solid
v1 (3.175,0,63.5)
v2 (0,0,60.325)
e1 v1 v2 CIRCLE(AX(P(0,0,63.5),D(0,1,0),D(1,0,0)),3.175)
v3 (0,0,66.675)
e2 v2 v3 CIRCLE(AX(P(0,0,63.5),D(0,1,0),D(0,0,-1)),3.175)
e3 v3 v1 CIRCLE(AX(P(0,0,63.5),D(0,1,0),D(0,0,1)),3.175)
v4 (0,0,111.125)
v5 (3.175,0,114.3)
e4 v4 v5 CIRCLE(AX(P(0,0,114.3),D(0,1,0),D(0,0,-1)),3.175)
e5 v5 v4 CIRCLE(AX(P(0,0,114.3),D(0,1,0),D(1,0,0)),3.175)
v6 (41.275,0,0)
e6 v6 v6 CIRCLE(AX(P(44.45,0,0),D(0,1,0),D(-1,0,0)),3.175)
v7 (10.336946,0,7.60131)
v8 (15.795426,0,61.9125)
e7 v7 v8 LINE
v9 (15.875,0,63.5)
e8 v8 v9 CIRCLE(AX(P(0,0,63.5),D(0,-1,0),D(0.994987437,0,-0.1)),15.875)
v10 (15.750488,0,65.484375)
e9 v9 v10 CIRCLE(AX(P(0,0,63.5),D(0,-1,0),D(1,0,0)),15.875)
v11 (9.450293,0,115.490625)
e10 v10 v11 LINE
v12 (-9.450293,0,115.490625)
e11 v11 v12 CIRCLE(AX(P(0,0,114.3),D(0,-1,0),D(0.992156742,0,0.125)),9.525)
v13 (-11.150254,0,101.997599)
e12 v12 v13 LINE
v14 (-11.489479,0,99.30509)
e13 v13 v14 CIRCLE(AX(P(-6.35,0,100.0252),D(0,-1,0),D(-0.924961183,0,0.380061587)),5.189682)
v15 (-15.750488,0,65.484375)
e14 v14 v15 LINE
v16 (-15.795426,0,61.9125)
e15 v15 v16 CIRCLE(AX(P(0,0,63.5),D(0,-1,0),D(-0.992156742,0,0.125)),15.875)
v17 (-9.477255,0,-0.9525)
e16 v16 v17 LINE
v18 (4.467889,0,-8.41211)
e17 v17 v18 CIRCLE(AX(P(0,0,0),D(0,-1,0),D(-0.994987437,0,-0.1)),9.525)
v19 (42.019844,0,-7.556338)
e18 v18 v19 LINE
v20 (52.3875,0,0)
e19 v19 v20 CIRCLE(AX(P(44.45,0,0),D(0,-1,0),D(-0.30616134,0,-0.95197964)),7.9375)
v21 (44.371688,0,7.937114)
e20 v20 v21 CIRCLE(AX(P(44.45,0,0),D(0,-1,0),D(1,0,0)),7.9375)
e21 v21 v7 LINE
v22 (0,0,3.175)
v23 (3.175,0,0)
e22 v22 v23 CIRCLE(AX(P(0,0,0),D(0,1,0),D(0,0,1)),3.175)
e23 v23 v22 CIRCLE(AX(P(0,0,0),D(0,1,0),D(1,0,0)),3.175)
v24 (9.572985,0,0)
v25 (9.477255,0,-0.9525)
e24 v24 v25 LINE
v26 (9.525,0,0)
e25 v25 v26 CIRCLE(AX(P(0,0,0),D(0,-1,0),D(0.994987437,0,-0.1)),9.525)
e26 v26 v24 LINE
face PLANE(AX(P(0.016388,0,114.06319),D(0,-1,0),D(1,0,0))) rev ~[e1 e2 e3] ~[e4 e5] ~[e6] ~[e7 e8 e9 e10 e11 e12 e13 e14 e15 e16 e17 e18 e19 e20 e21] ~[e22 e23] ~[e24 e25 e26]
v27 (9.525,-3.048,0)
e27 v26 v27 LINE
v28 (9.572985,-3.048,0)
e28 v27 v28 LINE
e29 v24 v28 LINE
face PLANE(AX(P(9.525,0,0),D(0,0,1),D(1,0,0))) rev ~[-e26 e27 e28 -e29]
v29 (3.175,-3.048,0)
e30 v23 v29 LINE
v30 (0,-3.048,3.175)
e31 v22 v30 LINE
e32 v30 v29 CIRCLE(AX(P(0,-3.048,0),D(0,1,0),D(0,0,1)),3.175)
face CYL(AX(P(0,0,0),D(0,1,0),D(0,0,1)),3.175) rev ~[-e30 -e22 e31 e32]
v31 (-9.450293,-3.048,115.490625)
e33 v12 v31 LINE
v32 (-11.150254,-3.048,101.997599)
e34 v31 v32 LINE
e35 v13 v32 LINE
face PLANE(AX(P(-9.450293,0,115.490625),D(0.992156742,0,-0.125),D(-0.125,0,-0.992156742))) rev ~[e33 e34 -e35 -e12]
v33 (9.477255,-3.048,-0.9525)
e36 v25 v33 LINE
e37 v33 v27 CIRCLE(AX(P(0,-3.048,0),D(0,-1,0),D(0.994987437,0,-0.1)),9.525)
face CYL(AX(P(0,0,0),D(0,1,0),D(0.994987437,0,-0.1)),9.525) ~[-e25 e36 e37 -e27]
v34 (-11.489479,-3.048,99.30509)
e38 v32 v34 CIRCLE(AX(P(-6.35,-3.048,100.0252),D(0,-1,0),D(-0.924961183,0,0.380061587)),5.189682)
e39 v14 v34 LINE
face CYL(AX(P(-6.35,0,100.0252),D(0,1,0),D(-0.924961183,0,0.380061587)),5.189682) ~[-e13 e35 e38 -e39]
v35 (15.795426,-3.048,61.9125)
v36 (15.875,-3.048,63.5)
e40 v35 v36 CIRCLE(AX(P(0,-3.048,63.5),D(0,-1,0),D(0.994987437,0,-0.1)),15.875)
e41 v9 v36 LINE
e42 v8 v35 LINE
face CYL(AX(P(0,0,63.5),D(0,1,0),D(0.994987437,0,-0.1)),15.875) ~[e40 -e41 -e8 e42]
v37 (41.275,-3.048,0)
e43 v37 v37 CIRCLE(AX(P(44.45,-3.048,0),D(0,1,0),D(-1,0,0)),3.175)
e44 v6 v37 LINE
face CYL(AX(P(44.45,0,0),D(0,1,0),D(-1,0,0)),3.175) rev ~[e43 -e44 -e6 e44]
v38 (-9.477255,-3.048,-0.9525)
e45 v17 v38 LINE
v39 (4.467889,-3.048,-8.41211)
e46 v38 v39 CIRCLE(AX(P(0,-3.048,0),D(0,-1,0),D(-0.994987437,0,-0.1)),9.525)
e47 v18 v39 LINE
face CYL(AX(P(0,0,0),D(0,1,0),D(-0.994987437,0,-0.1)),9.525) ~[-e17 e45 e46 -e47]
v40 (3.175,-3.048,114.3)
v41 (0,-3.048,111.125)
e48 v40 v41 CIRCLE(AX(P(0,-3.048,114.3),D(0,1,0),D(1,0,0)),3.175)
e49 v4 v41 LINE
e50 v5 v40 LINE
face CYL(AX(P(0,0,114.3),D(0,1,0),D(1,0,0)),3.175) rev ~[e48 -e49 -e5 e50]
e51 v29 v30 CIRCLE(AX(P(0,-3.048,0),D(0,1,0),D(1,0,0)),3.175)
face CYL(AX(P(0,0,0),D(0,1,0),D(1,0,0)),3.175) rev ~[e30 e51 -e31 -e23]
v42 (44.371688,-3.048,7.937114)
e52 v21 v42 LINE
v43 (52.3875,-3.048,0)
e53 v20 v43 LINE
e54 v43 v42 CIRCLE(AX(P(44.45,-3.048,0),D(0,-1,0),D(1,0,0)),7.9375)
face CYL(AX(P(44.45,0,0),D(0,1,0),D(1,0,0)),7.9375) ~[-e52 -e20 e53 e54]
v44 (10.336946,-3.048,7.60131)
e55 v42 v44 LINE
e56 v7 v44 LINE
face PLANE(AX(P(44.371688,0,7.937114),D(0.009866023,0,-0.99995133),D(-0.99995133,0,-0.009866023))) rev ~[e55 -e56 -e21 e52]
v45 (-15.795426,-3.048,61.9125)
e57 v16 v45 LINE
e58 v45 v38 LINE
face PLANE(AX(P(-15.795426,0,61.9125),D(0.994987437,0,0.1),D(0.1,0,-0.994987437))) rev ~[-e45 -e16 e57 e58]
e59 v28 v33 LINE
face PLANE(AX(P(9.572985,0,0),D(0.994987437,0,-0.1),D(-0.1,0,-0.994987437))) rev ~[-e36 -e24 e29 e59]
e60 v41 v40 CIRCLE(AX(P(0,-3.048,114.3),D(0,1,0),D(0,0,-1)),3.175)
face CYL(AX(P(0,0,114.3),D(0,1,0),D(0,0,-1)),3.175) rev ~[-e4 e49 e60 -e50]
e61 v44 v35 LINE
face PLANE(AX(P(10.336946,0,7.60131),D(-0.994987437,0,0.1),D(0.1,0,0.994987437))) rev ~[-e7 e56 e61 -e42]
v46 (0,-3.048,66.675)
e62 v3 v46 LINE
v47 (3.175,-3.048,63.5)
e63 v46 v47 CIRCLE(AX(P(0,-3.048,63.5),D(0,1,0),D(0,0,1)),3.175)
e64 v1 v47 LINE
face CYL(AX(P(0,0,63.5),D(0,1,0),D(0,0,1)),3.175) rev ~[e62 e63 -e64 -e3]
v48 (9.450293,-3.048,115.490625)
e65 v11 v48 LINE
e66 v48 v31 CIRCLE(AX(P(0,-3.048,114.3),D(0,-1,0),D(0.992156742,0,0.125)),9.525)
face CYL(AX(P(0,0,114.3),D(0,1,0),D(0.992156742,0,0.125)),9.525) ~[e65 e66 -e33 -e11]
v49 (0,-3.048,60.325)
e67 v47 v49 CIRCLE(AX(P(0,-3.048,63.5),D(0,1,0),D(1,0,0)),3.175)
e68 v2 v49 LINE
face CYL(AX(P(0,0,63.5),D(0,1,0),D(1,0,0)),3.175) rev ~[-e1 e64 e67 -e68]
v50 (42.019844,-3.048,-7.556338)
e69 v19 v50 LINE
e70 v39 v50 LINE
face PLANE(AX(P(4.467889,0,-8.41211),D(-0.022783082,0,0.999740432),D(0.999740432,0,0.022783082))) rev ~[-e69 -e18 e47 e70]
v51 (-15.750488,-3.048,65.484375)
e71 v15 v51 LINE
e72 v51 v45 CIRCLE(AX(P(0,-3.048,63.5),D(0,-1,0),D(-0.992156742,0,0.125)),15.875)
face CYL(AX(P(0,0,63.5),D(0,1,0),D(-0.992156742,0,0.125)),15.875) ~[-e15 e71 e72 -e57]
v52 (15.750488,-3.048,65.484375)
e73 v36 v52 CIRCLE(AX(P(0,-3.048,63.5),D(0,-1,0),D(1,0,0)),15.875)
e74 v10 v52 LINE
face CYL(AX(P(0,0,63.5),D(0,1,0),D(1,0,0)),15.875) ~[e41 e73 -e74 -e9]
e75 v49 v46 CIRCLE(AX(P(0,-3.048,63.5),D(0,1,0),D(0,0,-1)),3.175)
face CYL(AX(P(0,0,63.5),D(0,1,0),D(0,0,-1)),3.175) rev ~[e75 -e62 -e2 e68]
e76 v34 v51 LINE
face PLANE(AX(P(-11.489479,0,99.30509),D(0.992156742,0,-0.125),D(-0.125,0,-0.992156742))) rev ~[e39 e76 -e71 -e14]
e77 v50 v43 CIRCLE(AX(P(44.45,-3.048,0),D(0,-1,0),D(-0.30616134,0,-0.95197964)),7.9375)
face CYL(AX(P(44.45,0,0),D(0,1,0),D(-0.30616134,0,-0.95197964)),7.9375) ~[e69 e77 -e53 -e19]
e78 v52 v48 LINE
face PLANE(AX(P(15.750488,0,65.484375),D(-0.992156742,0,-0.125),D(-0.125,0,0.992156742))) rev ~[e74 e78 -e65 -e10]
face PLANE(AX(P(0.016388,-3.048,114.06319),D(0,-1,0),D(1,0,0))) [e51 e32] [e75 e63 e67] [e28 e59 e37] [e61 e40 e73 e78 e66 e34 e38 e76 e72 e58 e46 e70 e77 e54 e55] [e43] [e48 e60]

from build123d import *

# Parameters (mm, degrees)
F1_DEPTH = 3.048


with BuildPart() as f1:
    # F0 (on Front) → F1 (new body)
    with BuildSketch(Plane.XZ):
        with BuildLine():
            ThreePointArc((-9.4502929642, 115.490625), (-7.14375, 107.9998046905), (0, 104.775))
            ThreePointArc((0, 104.775), (6.7351920908, 107.5648079092), (9.525, 114.3))
            ThreePointArc((9.525, 114.3), (9.5063048942, 114.896483242), (9.4502929642, 115.490625))
            ThreePointArc((9.4502929642, 115.490625), (0, 123.825), (-9.4502929642, 115.490625))
        make_face()
        with BuildLine():
            ThreePointArc((3.175, 114.3), (2.2450640303, 112.0549359697), (0, 111.125))
            ThreePointArc((0, 111.125), (-2.2450640303, 116.5450640303), (3.175, 114.3))
        make_face(mode=Mode.SUBTRACT)
        with BuildLine():
            ThreePointArc((9.525, 114.3), (6.7351920908, 107.5648079092), (0, 104.775))
            Line((0, 104.775), (0, 79.375))
            ThreePointArc((0, 79.375), (10.5003255158, 75.40625), (15.7504882737, 65.484375))
            Line((15.7504882737, 65.484375), (9.4502929642, 115.490625))
            ThreePointArc((9.4502929642, 115.490625), (9.5063048942, 114.896483242), (9.525, 114.3))
        make_face()
        with BuildLine():
            Line((0, 79.375), (0, 104.775))
            ThreePointArc((0, 104.775), (-7.14375, 107.9998046905), (-9.4502929642, 115.490625))
            Line((-9.4502929642, 115.490625), (-11.1502544755, 101.9975988084))
            ThreePointArc((-11.1502544755, 101.9975988084), (-5.3447623517, 105.1165944415), (-1.1603179203, 100.0252))
            ThreePointArc((-1.1603179203, 100.0252), (-5.9890709954, 94.8480839744), (-11.4894787169, 99.3050898642))
            Line((-11.4894787169, 99.3050898642), (-15.7504882737, 65.484375))
            ThreePointArc((-15.7504882737, 65.484375), (-10.5003255158, 75.40625), (0, 79.375))
        make_face()
        with BuildLine():
            ThreePointArc((15.7504882737, 65.484375), (10.5003255158, 75.40625), (0, 79.375))
            Line((0, 79.375), (0, 66.675))
            ThreePointArc((0, 66.675), (2.2450640303, 65.7450640303), (3.175, 63.5))
            ThreePointArc((3.175, 63.5), (2.2450640303, 61.2549359697), (0, 60.325))
            Line((0, 60.325), (0, 47.625))
            ThreePointArc((0, 47.625), (10.6492737428, 51.7267849017), (15.7954255641, 61.9125))
            ThreePointArc((15.7954255641, 61.9125), (15.8550939106, 62.7052534459), (15.875, 63.5))
            ThreePointArc((15.875, 63.5), (15.8438414904, 64.4941387366), (15.7504882737, 65.484375))
        make_face()
        with BuildLine():
            Line((0, 66.675), (0, 79.375))
            ThreePointArc((0, 79.375), (-10.5003255158, 75.40625), (-15.7504882737, 65.484375))
            ThreePointArc((-15.7504882737, 65.484375), (-15.8737438155, 63.6997054867), (-15.7954255641, 61.9125))
            ThreePointArc((-15.7954255641, 61.9125), (-10.6492737428, 51.7267849017), (0, 47.625))
            Line((0, 47.625), (0, 60.325))
            ThreePointArc((0, 60.325), (-3.175, 63.5), (0, 66.675))
        make_face()
        with BuildLine():
            ThreePointArc((-1.1603179203, 100.0252), (-5.3447623517, 105.1165944415), (-11.1502544755, 101.9975988084))
            Line((-11.1502544755, 101.9975988084), (-11.4894787169, 99.3050898642))
            ThreePointArc((-11.4894787169, 99.3050898642), (-5.9890709954, 94.8480839744), (-1.1603179203, 100.0252))
        make_face()
        with BuildLine():
            Line((-11.4894787169, 99.3050898642), (-11.1502544755, 101.9975988084))
            ThreePointArc((-11.1502544755, 101.9975988084), (-11.4989780624, 100.67391026), (-11.4894787169, 99.3050898642))
        make_face()
        with BuildLine():
            ThreePointArc((0, 47.625), (-10.6492737428, 51.7267849017), (-15.7954255641, 61.9125))
            Line((-15.7954255641, 61.9125), (-9.4772553384, -0.9525))
            ThreePointArc((-9.4772553384, -0.9525), (-7.063929059, 6.3895642457), (0, 9.525))
            Line((0, 9.525), (0, 47.625))
        make_face()
        with BuildLine():
            ThreePointArc((15.7954255641, 61.9125), (10.6492737428, 51.7267849017), (0, 47.625))
            Line((0, 47.625), (0, 9.525))
            ThreePointArc((0, 9.525), (3.0618336501, 9.0194678168), (5.7986582819, 7.5565327452))
            Line((5.7986582819, 7.5565327452), (10.336945567, 7.6013097722))
            Line((10.336945567, 7.6013097722), (15.7954255641, 61.9125))
        make_face()
        with BuildLine():
            ThreePointArc((0, 9.525), (-7.063929059, 6.3895642457), (-9.4772553384, -0.9525))
            ThreePointArc((-9.4772553384, -0.9525), (-4.4927588218, -8.3988536818), (4.4678891991, -8.4121097891))
            ThreePointArc((4.4678891991, -8.4121097891), (7.9074780174, -5.3101239538), (9.4772553384, -0.9525))
            ThreePointArc((9.4772553384, -0.9525), (9.5130563464, -0.4768479324), (9.525, 0))
            Line((9.525, 0), (3.175, 0))
            ThreePointArc((3.175, 0), (-2.2450640303, -2.2450640303), (0, 3.175))
            Line((0, 3.175), (0, 9.525))
        make_face()
        with BuildLine():
            Line((44.3716884408, 7.9371136788), (10.336945567, 7.6013097722))
            Line((10.336945567, 7.6013097722), (9.5729851903, 0))
            Line((9.5729851903, 0), (36.5125, 0))
            ThreePointArc((36.5125, 0), (38.8097205632, 5.5849041285), (44.3716884408, 7.9371136788))
        make_face()
        with BuildLine():
            Line((9.5729851903, 0), (10.336945567, 7.6013097722))
            Line((10.336945567, 7.6013097722), (5.7986582819, 7.5565327452))
            ThreePointArc((5.7986582819, 7.5565327452), (8.5427701928, 4.2126835191), (9.525, 0))
            Line((9.525, 0), (9.5729851903, 0))
        make_face()
        with BuildLine():
            ThreePointArc((9.4772553384, -0.9525), (7.9074780174, -5.3101239538), (4.4678891991, -8.4121097891))
            Line((4.4678891991, -8.4121097891), (42.0198443673, -7.5563383891))
            ThreePointArc((42.0198443673, -7.5563383891), (38.0354358455, -4.6751762488), (36.5125, 0))
            Line((36.5125, 0), (9.5729851903, 0))
            Line((9.5729851903, 0), (9.4772553384, -0.9525))
        make_face()
        with BuildLine():
            ThreePointArc((52.3875, 0), (50.0349041285, 5.6402794368), (44.3716884408, 7.9371136788))
            ThreePointArc((44.3716884408, 7.9371136788), (38.8097205632, 5.5849041285), (36.5125, 0))
            ThreePointArc((36.5125, 0), (38.0354358455, -4.6751762488), (42.0198443673, -7.5563383891))
            ThreePointArc((42.0198443673, -7.5563383891), (49.1251762488, -6.4145641545), (52.3875, 0))
        make_face()
        with BuildLine():
            ThreePointArc((47.625, 0), (44.45, -3.175), (41.275, 0))
            ThreePointArc((41.275, 0), (44.45, 3.175), (47.625, 0))
        make_face(mode=Mode.SUBTRACT)
        with BuildLine():
            ThreePointArc((5.7986582819, 7.5565327452), (3.0618336501, 9.0194678168), (0, 9.525))
            Line((0, 9.525), (0, 3.175))
            ThreePointArc((0, 3.175), (2.2450640303, 2.2450640303), (3.175, 0))
            Line((3.175, 0), (9.525, 0))
            ThreePointArc((9.525, 0), (8.5427701928, 4.2126835191), (5.7986582819, 7.5565327452))
        make_face()
    extrude(amount=F1_DEPTH)


solid = f1.part
